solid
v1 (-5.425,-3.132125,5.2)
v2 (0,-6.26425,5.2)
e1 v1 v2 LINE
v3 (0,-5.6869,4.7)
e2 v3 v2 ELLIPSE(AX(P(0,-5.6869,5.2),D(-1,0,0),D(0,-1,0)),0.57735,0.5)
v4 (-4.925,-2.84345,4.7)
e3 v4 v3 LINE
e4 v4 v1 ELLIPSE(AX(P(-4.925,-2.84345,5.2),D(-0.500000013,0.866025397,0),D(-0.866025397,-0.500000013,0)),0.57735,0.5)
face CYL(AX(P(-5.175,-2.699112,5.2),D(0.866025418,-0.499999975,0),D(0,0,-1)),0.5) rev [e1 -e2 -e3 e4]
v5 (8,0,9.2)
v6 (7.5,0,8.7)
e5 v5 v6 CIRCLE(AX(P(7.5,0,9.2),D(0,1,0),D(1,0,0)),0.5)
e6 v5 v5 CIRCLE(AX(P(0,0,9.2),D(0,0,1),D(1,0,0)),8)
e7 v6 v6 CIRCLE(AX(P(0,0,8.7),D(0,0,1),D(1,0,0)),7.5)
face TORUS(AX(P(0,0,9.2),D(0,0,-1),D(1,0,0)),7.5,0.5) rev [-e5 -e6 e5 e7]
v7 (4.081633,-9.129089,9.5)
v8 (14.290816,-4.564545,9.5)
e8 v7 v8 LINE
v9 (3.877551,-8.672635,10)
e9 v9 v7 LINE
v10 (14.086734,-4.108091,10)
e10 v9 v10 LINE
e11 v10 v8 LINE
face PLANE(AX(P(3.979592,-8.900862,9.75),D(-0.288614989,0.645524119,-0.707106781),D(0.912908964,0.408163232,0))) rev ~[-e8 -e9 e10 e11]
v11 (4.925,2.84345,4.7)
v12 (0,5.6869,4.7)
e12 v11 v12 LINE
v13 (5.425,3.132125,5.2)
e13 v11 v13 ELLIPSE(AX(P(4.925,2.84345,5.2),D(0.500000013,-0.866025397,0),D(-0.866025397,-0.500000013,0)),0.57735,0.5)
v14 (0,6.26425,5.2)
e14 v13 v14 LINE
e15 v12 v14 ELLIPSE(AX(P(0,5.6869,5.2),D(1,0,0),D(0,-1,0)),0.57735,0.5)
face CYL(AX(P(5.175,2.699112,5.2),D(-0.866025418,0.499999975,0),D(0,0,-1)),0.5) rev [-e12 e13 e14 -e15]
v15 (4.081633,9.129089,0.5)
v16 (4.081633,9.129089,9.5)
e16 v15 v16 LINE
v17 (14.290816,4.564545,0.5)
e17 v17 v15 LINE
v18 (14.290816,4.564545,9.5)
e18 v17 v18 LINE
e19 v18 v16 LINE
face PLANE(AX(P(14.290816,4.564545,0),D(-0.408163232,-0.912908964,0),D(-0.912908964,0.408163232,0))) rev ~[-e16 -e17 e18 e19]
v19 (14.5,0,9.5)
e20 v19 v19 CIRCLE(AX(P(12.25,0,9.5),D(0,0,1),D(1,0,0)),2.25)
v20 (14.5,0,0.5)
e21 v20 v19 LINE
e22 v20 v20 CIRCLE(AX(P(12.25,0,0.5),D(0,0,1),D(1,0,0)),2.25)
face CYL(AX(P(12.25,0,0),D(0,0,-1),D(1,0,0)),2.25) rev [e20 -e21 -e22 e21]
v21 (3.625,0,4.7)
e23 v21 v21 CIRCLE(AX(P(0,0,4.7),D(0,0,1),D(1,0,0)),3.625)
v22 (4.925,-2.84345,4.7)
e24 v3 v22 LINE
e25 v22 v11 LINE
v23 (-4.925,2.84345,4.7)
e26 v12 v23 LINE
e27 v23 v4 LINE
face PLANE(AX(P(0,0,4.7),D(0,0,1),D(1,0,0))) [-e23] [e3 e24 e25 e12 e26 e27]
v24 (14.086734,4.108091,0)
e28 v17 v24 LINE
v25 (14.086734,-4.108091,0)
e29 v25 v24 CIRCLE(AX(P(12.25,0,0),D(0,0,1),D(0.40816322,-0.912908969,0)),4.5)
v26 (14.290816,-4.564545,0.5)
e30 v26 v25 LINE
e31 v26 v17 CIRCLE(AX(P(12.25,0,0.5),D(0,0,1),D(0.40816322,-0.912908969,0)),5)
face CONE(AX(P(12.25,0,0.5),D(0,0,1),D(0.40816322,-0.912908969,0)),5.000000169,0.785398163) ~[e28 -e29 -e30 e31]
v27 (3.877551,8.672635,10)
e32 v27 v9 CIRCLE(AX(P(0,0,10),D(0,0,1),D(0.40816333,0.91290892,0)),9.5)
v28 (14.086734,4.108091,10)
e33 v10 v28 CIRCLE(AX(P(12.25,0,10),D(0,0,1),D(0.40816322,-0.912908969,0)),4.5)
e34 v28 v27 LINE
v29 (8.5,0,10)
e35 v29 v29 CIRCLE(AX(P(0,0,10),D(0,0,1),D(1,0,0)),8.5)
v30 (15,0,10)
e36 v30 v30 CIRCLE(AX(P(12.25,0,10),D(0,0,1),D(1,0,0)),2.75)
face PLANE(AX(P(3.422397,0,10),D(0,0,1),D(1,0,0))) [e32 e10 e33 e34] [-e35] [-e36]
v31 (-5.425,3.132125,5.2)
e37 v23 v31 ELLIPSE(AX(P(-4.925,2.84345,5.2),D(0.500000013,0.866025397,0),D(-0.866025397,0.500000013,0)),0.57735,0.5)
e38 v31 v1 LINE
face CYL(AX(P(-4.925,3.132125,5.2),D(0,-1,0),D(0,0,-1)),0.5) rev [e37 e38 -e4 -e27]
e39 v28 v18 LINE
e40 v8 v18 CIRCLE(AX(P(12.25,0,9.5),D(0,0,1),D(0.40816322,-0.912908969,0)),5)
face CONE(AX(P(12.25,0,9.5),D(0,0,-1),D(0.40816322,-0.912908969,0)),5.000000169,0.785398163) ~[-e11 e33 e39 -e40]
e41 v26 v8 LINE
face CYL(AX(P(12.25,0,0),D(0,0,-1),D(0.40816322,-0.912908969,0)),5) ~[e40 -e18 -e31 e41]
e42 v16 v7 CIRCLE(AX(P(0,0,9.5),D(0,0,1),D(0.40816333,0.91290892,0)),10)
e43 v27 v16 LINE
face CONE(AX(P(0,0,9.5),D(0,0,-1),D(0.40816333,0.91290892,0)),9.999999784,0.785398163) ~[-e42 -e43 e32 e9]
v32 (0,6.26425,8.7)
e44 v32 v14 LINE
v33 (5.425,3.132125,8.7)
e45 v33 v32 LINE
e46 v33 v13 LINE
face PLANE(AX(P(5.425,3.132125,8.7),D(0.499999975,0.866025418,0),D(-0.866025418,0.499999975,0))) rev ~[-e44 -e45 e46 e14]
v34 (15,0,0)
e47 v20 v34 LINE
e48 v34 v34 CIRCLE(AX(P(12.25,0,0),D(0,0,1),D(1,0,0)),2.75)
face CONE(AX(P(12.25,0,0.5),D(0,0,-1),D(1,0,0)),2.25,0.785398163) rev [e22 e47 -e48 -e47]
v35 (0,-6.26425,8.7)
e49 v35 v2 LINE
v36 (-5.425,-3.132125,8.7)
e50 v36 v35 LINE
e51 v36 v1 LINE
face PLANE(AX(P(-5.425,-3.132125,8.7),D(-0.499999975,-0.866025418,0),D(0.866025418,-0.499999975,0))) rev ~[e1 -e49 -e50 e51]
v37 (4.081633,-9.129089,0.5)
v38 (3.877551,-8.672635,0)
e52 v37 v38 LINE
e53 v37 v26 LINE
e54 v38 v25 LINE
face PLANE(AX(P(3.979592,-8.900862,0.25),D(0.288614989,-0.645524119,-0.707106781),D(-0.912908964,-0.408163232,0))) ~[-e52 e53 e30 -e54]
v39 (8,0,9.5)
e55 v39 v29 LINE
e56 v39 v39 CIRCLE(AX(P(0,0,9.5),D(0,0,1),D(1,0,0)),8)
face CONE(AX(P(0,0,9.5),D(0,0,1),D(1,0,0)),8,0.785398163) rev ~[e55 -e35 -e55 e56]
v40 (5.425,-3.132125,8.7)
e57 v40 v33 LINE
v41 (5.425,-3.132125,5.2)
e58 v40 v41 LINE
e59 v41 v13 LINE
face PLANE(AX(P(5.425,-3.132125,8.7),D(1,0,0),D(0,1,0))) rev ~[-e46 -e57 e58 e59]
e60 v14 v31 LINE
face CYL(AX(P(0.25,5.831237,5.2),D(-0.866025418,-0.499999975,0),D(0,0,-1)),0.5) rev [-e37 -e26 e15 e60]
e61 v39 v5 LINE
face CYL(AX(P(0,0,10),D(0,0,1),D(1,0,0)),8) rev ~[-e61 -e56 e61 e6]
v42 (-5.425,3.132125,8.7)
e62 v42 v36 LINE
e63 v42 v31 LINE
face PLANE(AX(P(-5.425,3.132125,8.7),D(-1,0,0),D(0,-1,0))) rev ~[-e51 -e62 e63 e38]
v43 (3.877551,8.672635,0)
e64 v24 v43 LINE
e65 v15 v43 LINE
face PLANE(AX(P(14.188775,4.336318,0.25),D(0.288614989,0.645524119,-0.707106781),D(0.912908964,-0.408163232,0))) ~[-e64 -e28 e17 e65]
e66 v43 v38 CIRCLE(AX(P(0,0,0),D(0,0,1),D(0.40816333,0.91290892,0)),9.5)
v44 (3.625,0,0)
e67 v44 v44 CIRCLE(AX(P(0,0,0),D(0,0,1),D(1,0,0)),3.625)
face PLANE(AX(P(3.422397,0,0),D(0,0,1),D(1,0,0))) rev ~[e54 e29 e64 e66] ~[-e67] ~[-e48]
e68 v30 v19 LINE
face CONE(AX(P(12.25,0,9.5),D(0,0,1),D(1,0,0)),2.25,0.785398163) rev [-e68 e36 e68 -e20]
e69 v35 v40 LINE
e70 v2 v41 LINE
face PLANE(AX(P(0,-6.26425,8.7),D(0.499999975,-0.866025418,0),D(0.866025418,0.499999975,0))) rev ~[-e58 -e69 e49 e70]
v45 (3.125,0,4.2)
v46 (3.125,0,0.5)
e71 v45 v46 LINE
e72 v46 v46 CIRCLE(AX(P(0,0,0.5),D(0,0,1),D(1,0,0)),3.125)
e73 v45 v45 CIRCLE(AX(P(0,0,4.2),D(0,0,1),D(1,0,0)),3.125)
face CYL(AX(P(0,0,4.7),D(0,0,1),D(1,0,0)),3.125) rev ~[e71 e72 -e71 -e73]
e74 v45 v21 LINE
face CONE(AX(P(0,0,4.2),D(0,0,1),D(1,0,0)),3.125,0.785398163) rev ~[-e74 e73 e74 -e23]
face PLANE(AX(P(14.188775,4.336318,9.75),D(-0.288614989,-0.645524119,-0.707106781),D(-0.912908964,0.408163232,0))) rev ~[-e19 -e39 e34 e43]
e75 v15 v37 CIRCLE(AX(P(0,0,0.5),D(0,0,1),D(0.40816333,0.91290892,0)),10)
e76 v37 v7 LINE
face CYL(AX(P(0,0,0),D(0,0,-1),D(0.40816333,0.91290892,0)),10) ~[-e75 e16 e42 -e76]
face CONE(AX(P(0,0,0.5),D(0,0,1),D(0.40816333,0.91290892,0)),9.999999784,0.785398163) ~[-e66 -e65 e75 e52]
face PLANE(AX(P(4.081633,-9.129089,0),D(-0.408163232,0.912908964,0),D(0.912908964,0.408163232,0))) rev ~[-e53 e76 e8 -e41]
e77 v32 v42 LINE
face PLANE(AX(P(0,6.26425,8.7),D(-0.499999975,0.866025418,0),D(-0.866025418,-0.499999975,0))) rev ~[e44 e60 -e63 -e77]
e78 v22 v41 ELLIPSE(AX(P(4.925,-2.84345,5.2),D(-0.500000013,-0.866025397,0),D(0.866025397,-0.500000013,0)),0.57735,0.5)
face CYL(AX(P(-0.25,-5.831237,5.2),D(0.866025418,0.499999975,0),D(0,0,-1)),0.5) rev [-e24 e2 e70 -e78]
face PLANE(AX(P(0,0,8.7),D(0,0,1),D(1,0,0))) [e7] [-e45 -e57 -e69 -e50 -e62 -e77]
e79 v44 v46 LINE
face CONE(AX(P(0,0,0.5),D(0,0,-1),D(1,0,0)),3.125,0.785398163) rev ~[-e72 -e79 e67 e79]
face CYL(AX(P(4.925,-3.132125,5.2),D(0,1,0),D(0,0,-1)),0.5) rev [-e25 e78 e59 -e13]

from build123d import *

# Parameters (mm, degrees)
F0_R     = 2.25
F1_DEPTH = 10
F2_R     = 8
F3_DEPTH = 1.3
F5_DEPTH = 4
F6_R     = 3.125
F7_DEPTH = 4.701
F8_R     = 0.5
F9_SIZE  = 0.5


with BuildPart() as f1:
    # F0 (on Top) → F1 (new body)
    with BuildSketch(Plane.XY):
        with BuildLine():
            Line((14.290816, 4.564545), (4.081633, 9.129089))
            ThreePointArc((4.081633, 9.129089), (-10, 0), (4.081633, -9.129089))
            Line((4.081633, -9.129089), (14.290816, -4.564545))
            ThreePointArc((14.290816, -4.564545), (17.25, 0), (14.290816, 4.564545))
        make_face()
        with Locations((12.25, 0)):
            Circle(F0_R, mode=Mode.SUBTRACT)
    extrude(amount=F1_DEPTH)

    # F2 (on face) → F3 (cut)
    with BuildSketch(Plane.XY.offset(10)):
        Circle(F2_R)
    extrude(amount=-F3_DEPTH, mode=Mode.SUBTRACT)

    # F4 (on face) → F5 (cut)
    with BuildSketch(Plane.XY.offset(8.7)):
        Polygon((5.425, -3.132125), (5.425, 3.132125), (0, 6.26425), (-5.425, 3.132125), (-5.425, -3.132125), (0, -6.26425), align=None)
    extrude(amount=-F5_DEPTH, mode=Mode.SUBTRACT)

    # F6 (on face) → F7 (cut, through all)
    with BuildSketch(Plane.XY.offset(4.7)):
        Circle(F6_R)
    extrude(amount=-F7_DEPTH, mode=Mode.SUBTRACT)

    # F8
    f8_edges = [f1.edges().sort_by_distance(p)[0] for p in [
        (-8, 0, 8.7),
        (-2.7125, 4.698188, 4.7),
        (2.7125, 4.698188, 4.7),
        (-5.425, 0, 4.7),
        (-2.7125, -4.698188, 4.7),
        (2.7125, -4.698188, 4.7),
        (5.425, 0, 4.7),
    ]]
    fillet(f8_edges, radius=F8_R)

    # F9
    f9_edges = [f1.edges().sort_by_distance(p)[0] for p in [
        (-8, 0, 10),
        (10, 0, 10),
        (-10, 0, 10),
        (9.186224, -6.846817, 10),
        (-10, 0, 0),
        (9.186224, 6.846817, 0),
        (-3.125, 0, 0),
        (10, 0, 0),
        (-3.125, 0, 4.7),
    ]]
    chamfer(f9_edges, length=F9_SIZE)


solid = f1.part
